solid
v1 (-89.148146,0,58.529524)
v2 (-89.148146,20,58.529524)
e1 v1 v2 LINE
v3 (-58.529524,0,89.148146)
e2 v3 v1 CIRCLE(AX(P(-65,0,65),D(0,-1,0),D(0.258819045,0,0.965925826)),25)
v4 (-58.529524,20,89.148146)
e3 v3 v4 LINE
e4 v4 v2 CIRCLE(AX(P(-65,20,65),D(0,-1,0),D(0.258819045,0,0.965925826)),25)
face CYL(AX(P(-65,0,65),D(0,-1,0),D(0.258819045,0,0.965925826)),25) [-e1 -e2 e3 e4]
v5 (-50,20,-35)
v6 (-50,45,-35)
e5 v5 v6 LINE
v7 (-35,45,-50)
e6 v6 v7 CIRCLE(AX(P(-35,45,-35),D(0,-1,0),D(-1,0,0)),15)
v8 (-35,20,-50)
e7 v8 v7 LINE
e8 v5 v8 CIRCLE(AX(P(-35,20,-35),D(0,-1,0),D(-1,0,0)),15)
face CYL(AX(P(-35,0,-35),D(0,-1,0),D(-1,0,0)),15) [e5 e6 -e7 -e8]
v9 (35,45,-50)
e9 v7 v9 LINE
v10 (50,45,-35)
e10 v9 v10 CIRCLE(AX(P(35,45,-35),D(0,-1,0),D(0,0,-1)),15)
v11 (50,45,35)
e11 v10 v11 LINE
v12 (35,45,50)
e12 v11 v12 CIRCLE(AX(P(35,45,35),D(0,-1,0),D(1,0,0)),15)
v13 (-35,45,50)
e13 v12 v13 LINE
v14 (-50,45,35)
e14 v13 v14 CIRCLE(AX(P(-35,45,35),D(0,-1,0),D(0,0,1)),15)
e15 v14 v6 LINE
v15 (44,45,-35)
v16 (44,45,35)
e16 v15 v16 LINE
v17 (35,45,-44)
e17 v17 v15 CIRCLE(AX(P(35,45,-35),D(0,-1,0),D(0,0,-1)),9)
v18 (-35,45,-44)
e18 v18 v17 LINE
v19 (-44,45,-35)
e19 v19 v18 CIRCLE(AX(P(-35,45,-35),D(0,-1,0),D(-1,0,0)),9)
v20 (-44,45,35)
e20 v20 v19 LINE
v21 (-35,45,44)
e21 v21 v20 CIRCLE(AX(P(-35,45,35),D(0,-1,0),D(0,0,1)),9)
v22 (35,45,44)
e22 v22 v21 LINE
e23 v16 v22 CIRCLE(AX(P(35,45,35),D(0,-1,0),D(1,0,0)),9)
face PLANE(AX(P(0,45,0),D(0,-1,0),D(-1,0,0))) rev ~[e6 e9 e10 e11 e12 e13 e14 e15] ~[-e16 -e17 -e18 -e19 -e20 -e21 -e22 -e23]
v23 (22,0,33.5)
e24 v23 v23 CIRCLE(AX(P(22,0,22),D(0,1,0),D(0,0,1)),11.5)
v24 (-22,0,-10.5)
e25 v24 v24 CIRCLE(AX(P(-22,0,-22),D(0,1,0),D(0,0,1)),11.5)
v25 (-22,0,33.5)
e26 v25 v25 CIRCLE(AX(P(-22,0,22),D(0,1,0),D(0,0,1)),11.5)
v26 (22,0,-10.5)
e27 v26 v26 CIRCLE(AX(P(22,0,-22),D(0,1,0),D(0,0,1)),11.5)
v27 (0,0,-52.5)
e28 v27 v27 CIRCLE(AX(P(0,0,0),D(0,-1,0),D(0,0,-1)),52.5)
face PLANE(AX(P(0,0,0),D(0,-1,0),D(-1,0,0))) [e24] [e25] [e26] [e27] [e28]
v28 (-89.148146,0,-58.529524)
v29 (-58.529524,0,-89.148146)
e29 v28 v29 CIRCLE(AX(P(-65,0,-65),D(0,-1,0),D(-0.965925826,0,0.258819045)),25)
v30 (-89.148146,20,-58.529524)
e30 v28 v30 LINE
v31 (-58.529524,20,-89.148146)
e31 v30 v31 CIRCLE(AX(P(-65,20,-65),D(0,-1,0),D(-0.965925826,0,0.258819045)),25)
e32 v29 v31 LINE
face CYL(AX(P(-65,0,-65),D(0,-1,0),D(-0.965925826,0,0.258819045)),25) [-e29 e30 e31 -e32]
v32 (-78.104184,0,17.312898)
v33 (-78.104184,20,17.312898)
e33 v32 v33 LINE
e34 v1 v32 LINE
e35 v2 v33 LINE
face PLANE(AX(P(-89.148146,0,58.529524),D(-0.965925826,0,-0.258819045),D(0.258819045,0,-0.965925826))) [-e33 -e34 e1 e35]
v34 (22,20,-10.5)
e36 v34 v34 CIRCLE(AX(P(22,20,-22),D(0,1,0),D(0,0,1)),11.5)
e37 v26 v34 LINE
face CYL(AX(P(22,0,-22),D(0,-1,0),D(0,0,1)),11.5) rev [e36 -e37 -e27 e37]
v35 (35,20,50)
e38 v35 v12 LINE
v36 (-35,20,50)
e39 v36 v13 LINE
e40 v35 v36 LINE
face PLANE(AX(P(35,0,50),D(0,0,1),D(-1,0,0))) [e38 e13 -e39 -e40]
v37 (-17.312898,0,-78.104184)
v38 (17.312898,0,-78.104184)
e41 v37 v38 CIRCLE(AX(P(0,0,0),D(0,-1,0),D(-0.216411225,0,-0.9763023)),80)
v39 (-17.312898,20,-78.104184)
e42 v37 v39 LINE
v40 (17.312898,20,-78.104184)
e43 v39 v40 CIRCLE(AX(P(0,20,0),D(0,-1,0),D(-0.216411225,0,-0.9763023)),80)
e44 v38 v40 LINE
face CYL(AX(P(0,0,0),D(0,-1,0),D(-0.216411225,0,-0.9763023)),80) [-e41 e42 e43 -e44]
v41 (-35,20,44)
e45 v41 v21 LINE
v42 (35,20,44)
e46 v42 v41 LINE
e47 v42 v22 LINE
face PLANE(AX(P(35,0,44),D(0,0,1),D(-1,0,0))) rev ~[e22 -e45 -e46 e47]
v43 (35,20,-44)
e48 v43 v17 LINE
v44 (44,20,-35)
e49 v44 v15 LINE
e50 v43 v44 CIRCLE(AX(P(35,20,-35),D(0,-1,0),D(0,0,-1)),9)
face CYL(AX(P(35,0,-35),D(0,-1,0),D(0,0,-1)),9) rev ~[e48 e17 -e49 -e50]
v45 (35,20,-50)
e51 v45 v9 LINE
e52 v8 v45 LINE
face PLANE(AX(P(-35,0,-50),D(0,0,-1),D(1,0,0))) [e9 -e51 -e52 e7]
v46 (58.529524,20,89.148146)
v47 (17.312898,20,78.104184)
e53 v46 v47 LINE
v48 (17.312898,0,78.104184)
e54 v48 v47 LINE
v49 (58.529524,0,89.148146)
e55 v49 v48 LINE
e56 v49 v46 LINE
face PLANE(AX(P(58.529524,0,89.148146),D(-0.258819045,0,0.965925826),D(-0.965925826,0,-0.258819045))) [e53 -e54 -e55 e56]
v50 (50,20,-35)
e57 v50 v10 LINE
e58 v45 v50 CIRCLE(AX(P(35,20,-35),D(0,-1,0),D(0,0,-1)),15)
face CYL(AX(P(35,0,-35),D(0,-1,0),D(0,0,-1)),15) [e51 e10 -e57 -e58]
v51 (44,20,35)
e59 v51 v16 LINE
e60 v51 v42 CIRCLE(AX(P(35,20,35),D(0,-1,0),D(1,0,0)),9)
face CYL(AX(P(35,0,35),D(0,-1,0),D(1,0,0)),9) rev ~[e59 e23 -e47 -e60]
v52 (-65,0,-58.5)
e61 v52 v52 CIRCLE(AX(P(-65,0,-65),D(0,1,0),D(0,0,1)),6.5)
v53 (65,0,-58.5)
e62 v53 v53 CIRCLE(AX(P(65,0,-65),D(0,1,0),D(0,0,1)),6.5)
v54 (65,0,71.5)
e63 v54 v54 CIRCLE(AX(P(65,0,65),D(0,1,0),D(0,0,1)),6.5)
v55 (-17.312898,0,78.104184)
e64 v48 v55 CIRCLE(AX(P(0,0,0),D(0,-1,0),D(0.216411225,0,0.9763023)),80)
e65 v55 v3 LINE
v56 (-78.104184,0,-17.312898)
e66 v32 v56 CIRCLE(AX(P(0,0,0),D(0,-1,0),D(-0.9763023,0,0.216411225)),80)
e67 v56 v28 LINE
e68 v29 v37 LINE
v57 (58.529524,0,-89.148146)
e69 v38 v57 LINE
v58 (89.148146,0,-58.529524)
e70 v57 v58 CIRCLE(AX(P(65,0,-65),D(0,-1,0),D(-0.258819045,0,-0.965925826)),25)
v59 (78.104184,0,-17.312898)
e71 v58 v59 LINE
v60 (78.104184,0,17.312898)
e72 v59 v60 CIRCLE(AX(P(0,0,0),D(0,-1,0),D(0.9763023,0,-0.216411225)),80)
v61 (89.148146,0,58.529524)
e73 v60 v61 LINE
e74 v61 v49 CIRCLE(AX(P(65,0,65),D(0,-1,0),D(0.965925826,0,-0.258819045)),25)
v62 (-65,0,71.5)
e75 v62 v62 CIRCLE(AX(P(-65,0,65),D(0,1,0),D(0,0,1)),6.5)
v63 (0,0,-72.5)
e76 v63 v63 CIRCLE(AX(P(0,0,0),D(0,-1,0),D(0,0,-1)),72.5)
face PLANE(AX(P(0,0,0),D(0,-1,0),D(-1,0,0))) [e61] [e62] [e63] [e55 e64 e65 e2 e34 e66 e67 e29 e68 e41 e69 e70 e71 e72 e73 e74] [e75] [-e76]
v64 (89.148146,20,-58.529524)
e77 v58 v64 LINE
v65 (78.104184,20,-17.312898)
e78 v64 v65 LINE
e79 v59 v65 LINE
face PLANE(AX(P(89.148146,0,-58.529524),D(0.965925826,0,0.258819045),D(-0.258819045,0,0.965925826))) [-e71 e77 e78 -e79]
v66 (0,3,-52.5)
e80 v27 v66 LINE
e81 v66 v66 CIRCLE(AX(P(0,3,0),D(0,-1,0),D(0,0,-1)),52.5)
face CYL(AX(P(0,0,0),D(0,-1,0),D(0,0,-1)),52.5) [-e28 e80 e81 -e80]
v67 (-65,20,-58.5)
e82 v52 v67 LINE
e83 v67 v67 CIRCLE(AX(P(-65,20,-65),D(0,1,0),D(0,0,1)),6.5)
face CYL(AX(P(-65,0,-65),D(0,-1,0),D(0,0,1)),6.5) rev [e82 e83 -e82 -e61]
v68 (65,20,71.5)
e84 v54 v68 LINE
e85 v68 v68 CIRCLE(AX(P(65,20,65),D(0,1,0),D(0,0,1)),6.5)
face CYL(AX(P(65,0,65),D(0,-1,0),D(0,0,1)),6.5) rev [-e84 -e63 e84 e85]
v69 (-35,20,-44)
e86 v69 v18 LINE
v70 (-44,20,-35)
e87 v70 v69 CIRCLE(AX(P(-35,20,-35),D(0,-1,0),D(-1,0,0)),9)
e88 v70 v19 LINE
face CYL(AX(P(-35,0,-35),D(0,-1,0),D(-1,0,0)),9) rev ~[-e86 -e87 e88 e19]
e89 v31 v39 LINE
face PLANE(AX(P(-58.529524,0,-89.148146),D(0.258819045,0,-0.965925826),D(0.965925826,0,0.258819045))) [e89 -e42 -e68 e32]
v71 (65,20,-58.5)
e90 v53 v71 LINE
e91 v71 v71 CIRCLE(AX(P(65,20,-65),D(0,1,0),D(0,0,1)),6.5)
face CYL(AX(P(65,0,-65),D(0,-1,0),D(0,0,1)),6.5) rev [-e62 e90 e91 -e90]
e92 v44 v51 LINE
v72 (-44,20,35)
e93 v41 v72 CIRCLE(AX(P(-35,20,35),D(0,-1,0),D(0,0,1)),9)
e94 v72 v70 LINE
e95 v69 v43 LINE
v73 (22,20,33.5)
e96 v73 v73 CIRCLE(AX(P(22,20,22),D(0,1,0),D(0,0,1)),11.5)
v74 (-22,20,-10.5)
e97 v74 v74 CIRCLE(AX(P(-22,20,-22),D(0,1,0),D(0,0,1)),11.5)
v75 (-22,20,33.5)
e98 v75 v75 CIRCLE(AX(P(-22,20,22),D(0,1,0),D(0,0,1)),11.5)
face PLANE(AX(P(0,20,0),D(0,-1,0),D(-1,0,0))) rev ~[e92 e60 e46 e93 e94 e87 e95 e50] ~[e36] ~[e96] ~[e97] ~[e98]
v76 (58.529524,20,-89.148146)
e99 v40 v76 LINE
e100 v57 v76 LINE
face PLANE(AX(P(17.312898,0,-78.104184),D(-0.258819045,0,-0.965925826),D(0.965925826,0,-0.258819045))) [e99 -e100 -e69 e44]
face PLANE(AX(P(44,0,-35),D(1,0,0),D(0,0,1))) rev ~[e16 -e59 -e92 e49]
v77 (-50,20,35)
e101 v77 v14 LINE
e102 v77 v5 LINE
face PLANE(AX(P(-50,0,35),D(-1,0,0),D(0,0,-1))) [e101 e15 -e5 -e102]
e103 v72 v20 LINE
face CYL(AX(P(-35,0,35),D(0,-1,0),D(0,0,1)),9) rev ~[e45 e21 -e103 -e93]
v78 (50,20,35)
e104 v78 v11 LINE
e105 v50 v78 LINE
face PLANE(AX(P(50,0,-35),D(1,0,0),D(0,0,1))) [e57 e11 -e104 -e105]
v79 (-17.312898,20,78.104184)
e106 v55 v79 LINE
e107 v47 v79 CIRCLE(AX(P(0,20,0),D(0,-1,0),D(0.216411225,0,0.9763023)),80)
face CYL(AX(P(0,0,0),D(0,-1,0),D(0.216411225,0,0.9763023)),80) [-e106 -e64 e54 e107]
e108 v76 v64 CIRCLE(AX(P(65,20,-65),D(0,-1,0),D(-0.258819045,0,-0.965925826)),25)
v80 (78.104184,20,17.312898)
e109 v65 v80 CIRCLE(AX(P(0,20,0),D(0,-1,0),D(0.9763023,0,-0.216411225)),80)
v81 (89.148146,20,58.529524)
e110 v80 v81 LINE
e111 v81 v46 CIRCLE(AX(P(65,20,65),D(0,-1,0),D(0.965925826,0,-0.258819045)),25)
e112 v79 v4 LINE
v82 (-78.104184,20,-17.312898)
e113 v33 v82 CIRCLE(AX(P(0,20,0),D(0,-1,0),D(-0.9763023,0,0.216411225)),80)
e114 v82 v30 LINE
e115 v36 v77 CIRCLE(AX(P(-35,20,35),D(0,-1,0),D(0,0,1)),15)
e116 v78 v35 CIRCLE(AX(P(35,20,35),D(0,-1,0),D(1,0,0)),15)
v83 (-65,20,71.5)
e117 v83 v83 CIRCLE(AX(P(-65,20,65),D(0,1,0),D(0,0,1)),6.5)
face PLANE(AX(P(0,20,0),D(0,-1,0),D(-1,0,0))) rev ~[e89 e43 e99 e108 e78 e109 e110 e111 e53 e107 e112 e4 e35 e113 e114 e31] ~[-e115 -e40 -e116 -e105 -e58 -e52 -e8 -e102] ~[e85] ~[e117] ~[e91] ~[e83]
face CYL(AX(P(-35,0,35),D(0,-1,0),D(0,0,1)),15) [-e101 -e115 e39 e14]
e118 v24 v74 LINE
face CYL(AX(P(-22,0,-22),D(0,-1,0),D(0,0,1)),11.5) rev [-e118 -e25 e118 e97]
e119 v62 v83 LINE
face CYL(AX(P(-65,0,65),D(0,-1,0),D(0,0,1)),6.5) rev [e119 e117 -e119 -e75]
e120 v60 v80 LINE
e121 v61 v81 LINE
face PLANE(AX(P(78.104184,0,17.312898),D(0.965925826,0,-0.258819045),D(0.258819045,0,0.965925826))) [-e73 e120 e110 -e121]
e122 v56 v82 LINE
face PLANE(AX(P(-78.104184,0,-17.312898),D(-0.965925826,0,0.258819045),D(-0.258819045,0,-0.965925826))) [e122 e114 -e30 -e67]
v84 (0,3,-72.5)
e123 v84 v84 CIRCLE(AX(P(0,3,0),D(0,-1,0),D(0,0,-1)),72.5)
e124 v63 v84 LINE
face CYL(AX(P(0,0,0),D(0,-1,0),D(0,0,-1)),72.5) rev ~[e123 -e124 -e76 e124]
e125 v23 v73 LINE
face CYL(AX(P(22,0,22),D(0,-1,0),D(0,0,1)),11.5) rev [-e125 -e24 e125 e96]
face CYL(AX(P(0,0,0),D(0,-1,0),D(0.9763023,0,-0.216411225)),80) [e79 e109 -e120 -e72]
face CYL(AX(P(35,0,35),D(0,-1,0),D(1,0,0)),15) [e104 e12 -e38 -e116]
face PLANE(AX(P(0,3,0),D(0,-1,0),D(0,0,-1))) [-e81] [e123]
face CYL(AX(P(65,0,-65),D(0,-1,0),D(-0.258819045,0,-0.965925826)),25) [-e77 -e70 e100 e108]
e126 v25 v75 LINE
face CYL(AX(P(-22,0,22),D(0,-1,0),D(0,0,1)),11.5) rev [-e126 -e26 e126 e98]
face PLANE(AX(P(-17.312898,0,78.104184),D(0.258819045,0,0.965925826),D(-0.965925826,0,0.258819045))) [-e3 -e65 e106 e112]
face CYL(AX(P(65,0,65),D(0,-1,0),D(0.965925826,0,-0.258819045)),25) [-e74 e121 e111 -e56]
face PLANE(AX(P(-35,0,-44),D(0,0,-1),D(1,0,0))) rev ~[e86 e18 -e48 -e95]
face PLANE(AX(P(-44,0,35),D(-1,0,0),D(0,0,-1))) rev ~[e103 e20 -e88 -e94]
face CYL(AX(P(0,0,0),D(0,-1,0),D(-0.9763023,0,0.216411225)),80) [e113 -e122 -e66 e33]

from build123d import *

# Parameters (mm, degrees)
SKETCH1_R             = 6.5
BOSS_EXTRUDE1_DEPTH   = 20
SKETCH1_R_2           = 11.5
BOSS_EXTRUDE1_2_DEPTH = 20
BOSS_EXTRUDE2_DEPTH   = 45
SKETCH2_R             = 72.5
SKETCH2_R_2           = 52.5
CUT_EXTRUDE1_DEPTH    = 3


with BuildPart() as part:
    # Sketch1 → Boss-Extrude1 (new body)
    with BuildSketch(Plane(origin=(0, 0, 0), x_dir=(1, 0, 0), z_dir=(0, 1, 0))):
        with BuildLine():
            Line((58.529523872, 89.148145657), (17.312897978, 78.104184034))
            ThreePointArc((17.312897978, 78.104184034), (0, 80), (-17.312897978, 78.104184034))
            Line((-17.312897978, 78.104184034), (-58.529523872, 89.148145657))
            ThreePointArc((-58.529523872, 89.148145657), (-82.67766953, 82.67766953), (-89.148145657, 58.529523872))
            Line((-89.148145657, 58.529523872), (-78.104184034, 17.312897978))
            ThreePointArc((-78.104184034, 17.312897978), (-80, 0), (-78.104184034, -17.312897978))
            Line((-78.104184034, -17.312897978), (-89.148145657, -58.529523872))
            ThreePointArc((-89.148145657, -58.529523872), (-82.67766953, -82.67766953), (-58.529523872, -89.148145657))
            Line((-58.529523872, -89.148145657), (-17.312897978, -78.104184034))
            ThreePointArc((-17.312897978, -78.104184034), (0, -80), (17.312897978, -78.104184034))
            Line((17.312897978, -78.104184034), (58.529523872, -89.148145657))
            ThreePointArc((58.529523872, -89.148145657), (82.67766953, -82.67766953), (89.148145657, -58.529523872))
            Line((89.148145657, -58.529523872), (78.104184034, -17.312897978))
            ThreePointArc((78.104184034, -17.312897978), (80, 0), (78.104184034, 17.312897978))
            Line((78.104184034, 17.312897978), (89.148145657, 58.529523872))
            ThreePointArc((89.148145657, 58.529523872), (82.67766953, 82.67766953), (58.529523872, 89.148145657))
        make_face()
        with Locations((-65, -65)):
            Circle(SKETCH1_R, mode=Mode.SUBTRACT)
        with Locations((65, -65)):
            Circle(SKETCH1_R, mode=Mode.SUBTRACT)
        with Locations((-65, 65)):
            Circle(SKETCH1_R, mode=Mode.SUBTRACT)
        with BuildLine():
            Line((35, -50), (-35, -50))
            ThreePointArc((-35, -50), (-45.606601718, -45.606601718), (-50, -35))
            Line((-50, -35), (-50, 35))
            ThreePointArc((-50, 35), (-45.606601718, 45.606601718), (-35, 50))
            Line((-35, 50), (35, 50))
            ThreePointArc((35, 50), (45.606601718, 45.606601718), (50, 35))
            Line((50, 35), (50, -35))
            ThreePointArc((50, -35), (45.606601718, -45.606601718), (35, -50))
        make_face(mode=Mode.SUBTRACT)
        with Locations((65, 65)):
            Circle(SKETCH1_R, mode=Mode.SUBTRACT)
    extrude(amount=BOSS_EXTRUDE1_DEPTH)



with BuildPart() as body_2:
    # Sketch1 → Boss-Extrude1 2 (new body)
    with BuildSketch(Plane(origin=(0, 0, 0), x_dir=(1, 0, 0), z_dir=(0, 1, 0))):
        with BuildLine():
            Line((35, 44), (-35, 44))
            ThreePointArc((-35, 44), (-41.363961031, 41.363961031), (-44, 35))
            Line((-44, 35), (-44, -35))
            ThreePointArc((-44, -35), (-41.363961031, -41.363961031), (-35, -44))
            Line((-35, -44), (35, -44))
            ThreePointArc((35, -44), (41.363961031, -41.363961031), (44, -35))
            Line((44, -35), (44, 35))
            ThreePointArc((44, 35), (41.363961031, 41.363961031), (35, 44))
        make_face()
        with Locations((-22, -22)):
            Circle(SKETCH1_R_2, mode=Mode.SUBTRACT)
        with Locations((22, -22)):
            Circle(SKETCH1_R_2, mode=Mode.SUBTRACT)
        with Locations((-22, 22)):
            Circle(SKETCH1_R_2, mode=Mode.SUBTRACT)
        with Locations((22, 22)):
            Circle(SKETCH1_R_2, mode=Mode.SUBTRACT)
    extrude(amount=BOSS_EXTRUDE1_2_DEPTH)


with BuildPart() as part_1:
    add(part.part)

    add(body_2.part)  # Boss-Extrude2 merges body 2
    # Sketch1<3> → Boss-Extrude2 (add)
    with BuildSketch(Plane(origin=(0, 0, 0), x_dir=(1, 0, 0), z_dir=(0, 1, 0))):
        with BuildLine():
            ThreePointArc((-50, -35), (-45.606601718, -45.606601718), (-35, -50))
            Line((-35, -50), (35, -50))
            ThreePointArc((35, -50), (45.606601718, -45.606601718), (50, -35))
            Line((50, -35), (50, 35))
            ThreePointArc((50, 35), (45.606601718, 45.606601718), (35, 50))
            Line((35, 50), (-35, 50))
            ThreePointArc((-35, 50), (-45.606601718, 45.606601718), (-50, 35))
            Line((-50, 35), (-50, -35))
        make_face()
        with BuildLine():
            ThreePointArc((-44, 35), (-41.363961031, 41.363961031), (-35, 44))
            Line((-35, 44), (35, 44))
            ThreePointArc((35, 44), (41.363961031, 41.363961031), (44, 35))
            Line((44, 35), (44, -35))
            ThreePointArc((44, -35), (41.363961031, -41.363961031), (35, -44))
            Line((35, -44), (-35, -44))
            ThreePointArc((-35, -44), (-41.363961031, -41.363961031), (-44, -35))
            Line((-44, -35), (-44, 35))
        make_face(mode=Mode.SUBTRACT)
    extrude(amount=BOSS_EXTRUDE2_DEPTH)

    # Sketch2 → Cut-Extrude1 (cut)
    with BuildSketch(Plane.XZ):
        Circle(SKETCH2_R)
        Circle(SKETCH2_R_2, mode=Mode.SUBTRACT)
    extrude(amount=-CUT_EXTRUDE1_DEPTH, mode=Mode.SUBTRACT)


solid = part_1.part
